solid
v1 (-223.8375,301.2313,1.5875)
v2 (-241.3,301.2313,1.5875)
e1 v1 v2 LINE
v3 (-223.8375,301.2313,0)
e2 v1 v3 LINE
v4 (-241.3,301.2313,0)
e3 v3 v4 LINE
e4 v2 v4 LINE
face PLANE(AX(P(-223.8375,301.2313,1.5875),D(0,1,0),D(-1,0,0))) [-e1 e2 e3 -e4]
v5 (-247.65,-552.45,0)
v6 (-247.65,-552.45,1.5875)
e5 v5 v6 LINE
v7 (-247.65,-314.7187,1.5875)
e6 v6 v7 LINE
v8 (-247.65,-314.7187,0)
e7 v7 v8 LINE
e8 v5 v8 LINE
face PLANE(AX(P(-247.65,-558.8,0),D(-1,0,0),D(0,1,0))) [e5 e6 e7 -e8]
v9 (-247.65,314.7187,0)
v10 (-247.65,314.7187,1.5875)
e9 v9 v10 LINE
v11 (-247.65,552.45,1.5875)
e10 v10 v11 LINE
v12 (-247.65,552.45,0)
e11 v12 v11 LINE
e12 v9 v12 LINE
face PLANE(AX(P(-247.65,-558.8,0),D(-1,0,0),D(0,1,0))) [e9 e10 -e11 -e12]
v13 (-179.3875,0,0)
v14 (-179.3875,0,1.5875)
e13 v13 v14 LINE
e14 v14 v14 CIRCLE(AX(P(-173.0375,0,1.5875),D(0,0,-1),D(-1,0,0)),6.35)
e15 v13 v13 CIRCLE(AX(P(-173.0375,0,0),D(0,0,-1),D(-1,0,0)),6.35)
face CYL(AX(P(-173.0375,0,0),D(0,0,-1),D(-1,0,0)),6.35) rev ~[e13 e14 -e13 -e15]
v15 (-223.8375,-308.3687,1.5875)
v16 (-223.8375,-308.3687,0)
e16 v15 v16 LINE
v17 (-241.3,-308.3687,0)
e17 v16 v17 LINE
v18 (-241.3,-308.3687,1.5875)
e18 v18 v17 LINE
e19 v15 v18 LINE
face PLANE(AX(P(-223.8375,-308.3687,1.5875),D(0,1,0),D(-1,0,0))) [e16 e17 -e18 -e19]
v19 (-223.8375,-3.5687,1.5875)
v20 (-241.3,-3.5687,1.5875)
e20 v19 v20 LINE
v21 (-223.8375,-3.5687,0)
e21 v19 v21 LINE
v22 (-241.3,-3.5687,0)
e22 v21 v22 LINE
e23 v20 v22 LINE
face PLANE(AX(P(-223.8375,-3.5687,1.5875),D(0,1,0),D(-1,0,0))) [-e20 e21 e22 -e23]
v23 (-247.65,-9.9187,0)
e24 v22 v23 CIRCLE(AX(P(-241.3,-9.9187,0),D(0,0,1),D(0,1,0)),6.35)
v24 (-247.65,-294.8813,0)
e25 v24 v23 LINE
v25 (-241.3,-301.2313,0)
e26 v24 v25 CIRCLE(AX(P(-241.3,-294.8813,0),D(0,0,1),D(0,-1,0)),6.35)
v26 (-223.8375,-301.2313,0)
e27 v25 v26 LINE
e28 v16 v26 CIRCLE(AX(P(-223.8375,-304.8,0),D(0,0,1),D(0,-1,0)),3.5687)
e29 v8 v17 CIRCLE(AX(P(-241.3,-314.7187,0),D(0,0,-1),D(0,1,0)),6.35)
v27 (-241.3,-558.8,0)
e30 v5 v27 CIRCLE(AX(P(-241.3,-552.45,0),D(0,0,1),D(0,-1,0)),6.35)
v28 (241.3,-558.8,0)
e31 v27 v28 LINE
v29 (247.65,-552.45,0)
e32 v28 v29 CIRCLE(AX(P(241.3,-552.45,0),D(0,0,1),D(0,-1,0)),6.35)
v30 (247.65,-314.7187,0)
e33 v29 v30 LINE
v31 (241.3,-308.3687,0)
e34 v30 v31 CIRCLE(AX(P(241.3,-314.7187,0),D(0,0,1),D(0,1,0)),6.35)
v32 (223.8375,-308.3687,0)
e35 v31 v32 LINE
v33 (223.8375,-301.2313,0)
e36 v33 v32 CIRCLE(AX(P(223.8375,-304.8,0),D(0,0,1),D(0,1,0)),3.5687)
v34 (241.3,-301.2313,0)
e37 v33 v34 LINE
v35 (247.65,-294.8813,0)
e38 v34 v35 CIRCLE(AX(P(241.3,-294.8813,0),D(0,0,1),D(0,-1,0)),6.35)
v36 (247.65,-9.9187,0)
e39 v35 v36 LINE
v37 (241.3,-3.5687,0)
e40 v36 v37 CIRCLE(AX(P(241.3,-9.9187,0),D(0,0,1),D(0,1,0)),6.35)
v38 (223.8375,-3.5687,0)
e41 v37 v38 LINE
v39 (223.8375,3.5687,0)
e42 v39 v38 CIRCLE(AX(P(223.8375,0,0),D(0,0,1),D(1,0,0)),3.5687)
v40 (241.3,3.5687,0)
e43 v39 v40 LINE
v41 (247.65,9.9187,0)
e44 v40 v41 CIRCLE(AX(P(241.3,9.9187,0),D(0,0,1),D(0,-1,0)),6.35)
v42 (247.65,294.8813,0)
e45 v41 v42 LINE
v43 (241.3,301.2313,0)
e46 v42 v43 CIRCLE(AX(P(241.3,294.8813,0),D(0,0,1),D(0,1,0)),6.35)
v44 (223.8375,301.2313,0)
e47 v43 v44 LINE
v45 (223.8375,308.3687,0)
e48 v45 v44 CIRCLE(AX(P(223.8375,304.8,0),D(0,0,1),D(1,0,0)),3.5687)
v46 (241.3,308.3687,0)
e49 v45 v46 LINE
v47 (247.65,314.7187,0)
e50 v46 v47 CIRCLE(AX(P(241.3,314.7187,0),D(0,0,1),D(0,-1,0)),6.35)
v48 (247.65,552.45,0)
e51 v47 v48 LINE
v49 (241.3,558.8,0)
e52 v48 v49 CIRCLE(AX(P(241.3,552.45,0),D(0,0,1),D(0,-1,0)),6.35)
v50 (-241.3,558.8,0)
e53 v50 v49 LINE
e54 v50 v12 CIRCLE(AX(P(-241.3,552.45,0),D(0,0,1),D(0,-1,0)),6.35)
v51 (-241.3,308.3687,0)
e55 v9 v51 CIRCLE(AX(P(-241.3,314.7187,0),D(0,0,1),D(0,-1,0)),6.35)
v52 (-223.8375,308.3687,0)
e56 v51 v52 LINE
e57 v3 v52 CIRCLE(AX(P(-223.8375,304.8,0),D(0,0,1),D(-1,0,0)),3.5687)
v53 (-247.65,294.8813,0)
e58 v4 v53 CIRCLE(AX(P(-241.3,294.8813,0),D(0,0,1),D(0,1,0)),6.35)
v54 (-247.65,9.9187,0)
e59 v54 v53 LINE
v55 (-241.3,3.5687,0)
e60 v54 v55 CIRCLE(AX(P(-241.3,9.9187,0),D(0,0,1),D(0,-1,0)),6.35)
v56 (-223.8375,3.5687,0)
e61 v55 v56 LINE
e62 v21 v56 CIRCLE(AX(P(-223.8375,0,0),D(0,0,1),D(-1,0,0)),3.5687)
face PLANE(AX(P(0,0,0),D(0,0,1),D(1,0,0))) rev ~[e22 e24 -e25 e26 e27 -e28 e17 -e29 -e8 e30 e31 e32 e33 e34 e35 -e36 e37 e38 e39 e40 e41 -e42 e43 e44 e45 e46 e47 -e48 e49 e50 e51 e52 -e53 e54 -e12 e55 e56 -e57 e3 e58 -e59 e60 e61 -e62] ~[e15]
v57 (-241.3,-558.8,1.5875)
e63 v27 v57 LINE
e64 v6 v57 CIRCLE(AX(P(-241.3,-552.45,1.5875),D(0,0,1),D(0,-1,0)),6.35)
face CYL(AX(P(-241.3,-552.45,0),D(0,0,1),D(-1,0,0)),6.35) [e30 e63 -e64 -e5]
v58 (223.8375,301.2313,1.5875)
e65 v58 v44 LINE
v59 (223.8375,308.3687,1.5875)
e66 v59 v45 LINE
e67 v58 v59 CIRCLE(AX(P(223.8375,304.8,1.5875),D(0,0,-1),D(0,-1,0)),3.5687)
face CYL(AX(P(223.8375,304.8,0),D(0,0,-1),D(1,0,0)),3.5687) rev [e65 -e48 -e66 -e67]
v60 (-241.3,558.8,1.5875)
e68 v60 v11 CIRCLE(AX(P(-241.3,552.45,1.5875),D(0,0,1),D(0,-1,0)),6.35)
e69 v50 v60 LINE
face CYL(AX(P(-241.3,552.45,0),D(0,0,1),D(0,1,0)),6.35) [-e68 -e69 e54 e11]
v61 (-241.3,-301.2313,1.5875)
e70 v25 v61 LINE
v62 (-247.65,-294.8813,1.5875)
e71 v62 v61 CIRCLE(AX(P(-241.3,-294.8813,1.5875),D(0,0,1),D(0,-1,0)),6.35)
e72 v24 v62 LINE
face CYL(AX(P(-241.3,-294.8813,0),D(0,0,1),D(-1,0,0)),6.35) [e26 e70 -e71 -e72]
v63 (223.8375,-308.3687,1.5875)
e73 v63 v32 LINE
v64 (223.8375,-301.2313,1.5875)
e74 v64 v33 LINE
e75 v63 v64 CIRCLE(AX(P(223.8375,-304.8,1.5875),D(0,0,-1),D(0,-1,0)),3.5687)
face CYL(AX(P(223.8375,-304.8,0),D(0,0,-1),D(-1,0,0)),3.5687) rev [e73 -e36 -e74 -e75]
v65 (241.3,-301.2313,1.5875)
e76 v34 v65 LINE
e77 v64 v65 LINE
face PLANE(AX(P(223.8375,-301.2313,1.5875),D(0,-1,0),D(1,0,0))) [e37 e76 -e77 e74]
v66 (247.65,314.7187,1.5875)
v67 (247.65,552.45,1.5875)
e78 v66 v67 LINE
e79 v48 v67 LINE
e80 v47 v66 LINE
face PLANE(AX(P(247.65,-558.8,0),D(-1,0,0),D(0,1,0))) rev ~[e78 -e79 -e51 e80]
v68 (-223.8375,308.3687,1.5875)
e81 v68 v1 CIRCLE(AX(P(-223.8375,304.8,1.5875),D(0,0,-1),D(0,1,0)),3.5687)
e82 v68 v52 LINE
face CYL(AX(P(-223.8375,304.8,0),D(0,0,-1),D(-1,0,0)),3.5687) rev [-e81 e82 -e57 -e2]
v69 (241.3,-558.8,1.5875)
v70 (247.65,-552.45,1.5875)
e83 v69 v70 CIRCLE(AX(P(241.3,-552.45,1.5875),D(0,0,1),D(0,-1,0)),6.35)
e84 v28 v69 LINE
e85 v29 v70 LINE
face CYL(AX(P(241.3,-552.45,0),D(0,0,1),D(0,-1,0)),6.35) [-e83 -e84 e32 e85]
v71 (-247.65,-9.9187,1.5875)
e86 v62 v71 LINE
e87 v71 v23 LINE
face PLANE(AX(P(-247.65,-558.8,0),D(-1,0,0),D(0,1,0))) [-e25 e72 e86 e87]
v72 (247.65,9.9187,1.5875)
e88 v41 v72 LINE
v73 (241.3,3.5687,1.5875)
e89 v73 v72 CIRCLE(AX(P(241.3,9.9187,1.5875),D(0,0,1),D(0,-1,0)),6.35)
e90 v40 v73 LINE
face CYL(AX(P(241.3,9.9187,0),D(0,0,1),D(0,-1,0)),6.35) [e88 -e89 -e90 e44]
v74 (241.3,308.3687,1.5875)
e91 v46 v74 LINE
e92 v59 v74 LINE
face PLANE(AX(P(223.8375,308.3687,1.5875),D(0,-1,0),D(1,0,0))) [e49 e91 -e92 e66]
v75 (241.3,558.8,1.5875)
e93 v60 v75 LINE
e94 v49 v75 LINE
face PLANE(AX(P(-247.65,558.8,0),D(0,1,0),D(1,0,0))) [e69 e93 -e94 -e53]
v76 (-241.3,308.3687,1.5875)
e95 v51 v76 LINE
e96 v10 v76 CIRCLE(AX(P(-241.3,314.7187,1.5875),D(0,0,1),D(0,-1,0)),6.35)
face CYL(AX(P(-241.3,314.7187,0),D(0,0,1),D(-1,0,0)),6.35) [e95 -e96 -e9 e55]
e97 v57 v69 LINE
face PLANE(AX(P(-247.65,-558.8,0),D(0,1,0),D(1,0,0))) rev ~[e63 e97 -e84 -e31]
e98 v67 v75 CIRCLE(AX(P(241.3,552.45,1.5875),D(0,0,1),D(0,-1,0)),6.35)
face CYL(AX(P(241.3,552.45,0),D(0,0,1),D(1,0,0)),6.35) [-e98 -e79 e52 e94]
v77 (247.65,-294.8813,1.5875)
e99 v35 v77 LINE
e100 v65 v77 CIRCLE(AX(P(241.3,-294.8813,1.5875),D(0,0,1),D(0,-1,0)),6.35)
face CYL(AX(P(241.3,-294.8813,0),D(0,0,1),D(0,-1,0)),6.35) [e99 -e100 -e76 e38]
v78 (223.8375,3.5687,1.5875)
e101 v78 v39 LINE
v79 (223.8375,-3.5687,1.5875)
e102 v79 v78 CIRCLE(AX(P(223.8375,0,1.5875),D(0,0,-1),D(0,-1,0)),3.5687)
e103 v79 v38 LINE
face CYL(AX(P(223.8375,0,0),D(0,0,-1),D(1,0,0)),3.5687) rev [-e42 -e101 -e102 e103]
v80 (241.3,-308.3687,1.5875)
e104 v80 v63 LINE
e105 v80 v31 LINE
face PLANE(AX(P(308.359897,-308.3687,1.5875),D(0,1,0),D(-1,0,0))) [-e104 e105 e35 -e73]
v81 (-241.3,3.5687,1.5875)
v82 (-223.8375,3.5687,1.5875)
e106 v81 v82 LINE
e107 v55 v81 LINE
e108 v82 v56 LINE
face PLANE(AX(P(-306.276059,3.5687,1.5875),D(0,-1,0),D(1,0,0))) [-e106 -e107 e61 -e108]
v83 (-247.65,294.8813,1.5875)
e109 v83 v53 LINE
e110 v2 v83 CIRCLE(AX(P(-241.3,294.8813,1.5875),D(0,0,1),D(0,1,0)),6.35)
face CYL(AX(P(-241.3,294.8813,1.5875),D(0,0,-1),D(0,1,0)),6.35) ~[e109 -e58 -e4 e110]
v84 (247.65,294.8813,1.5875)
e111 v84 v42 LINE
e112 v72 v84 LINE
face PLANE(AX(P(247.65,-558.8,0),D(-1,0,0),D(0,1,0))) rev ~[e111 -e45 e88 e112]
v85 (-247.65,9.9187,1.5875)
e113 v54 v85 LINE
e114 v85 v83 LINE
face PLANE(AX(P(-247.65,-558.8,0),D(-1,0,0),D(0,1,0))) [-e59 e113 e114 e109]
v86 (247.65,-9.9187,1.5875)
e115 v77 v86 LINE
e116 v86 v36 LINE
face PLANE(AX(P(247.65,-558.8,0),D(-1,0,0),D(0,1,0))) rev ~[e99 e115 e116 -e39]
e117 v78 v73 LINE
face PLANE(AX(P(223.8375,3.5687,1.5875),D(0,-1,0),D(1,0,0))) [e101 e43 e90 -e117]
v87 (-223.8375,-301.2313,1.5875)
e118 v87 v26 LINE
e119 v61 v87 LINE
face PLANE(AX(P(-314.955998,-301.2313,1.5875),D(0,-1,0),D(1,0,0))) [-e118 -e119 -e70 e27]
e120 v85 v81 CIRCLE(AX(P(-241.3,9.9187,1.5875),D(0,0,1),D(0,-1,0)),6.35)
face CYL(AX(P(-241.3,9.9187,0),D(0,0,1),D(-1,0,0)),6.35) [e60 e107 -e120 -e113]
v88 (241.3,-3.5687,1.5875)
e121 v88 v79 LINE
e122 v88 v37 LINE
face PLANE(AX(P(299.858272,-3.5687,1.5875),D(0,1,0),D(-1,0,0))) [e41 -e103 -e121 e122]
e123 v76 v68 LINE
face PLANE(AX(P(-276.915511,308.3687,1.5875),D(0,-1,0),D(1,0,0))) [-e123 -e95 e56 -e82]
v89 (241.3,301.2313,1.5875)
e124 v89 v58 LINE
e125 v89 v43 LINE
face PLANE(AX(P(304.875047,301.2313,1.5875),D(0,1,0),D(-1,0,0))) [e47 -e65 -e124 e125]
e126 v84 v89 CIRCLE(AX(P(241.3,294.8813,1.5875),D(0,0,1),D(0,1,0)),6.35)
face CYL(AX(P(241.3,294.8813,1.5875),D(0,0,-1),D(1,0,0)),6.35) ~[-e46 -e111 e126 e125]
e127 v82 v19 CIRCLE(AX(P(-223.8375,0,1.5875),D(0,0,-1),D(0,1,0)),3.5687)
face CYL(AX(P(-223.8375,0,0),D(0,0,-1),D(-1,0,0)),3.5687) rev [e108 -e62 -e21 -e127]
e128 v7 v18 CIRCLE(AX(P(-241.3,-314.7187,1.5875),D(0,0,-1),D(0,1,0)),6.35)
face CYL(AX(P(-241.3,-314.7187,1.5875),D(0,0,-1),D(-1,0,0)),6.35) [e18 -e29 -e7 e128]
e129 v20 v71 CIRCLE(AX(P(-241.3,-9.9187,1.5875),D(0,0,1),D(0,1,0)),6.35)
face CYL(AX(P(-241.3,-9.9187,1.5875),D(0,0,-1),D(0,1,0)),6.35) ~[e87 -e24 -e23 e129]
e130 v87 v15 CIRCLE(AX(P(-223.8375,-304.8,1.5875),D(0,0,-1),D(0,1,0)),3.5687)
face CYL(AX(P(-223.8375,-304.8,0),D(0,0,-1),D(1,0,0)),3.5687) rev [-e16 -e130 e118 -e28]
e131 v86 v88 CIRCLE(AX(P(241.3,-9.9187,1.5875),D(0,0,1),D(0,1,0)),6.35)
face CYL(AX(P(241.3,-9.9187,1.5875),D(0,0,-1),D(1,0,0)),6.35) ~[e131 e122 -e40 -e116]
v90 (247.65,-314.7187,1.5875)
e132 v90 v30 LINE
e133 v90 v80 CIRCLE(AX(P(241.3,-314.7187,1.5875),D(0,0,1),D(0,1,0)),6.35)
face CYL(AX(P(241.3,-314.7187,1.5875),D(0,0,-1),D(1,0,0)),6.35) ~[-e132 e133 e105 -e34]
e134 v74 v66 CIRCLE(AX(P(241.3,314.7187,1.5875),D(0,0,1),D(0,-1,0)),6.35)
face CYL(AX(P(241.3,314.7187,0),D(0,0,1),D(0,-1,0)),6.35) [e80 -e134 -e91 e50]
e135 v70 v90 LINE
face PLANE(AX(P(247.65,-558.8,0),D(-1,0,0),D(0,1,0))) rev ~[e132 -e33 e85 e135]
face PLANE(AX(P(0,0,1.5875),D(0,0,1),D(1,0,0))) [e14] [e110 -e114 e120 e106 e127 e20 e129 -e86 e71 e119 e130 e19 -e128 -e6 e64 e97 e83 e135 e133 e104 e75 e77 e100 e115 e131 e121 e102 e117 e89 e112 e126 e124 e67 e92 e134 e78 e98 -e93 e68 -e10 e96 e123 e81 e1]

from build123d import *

# Parameters (mm, degrees)
SKETCH1_W           = 495.3
SKETCH1_H           = 1117.6
SKETCH1_R           = 3.5687
BOSS_EXTRUDE1_DEPTH = 1.5875
CUT_EXTRUDE1_DEPTH  = 612.220486123
FILLET1_R           = 6.35
SKETCH3_R           = 6.35
CUT_EXTRUDE2_DEPTH  = 612.220486123


with BuildPart() as part:
    # Sketch1 → Boss-Extrude1 (new body)
    with BuildSketch(Plane.XY):
        Rectangle(SKETCH1_W, SKETCH1_H)
        with Locations((223.8375, 304.8)):
            Circle(SKETCH1_R, mode=Mode.SUBTRACT)
        with Locations((223.8375, -304.8)):
            Circle(SKETCH1_R, mode=Mode.SUBTRACT)
        with Locations((223.8375, 0)):
            Circle(SKETCH1_R, mode=Mode.SUBTRACT)
        with Locations((-223.8375, -304.8)):
            Circle(SKETCH1_R, mode=Mode.SUBTRACT)
        with Locations((-223.8375, 0)):
            Circle(SKETCH1_R, mode=Mode.SUBTRACT)
        with Locations((-223.8375, 304.8)):
            Circle(SKETCH1_R, mode=Mode.SUBTRACT)
    extrude(amount=BOSS_EXTRUDE1_DEPTH)

    # Sketch2 → Cut-Extrude1 (cut, through all)
    with BuildSketch(Plane.XY.offset(1.5875)):
        with BuildLine():
            Line((-223.8375, 301.2313), (-276.915511323, 301.2313))
            ThreePointArc((-276.915511323, 301.2313), (-280.484211323, 304.8), (-276.915511323, 308.3687))
            Line((-276.915511323, 308.3687), (-223.8375, 308.3687))
            ThreePointArc((-223.8375, 308.3687), (-220.2688, 304.8), (-223.8375, 301.2313))
        make_face()
        with BuildLine():
            Line((-223.8375, -3.5687), (-306.276059446, -3.5687))
            ThreePointArc((-306.276059446, -3.5687), (-309.844759446, 0), (-306.276059446, 3.5687))
            Line((-306.276059446, 3.5687), (-223.8375, 3.5687))
            ThreePointArc((-223.8375, 3.5687), (-220.2688, 0), (-223.8375, -3.5687))
        make_face()
        with BuildLine():
            Line((304.87504686, 301.2313), (223.8375, 301.2313))
            ThreePointArc((223.8375, 301.2313), (220.2688, 304.8), (223.8375, 308.3687))
            Line((223.8375, 308.3687), (304.87504686, 308.3687))
            ThreePointArc((304.87504686, 308.3687), (308.44374686, 304.8), (304.87504686, 301.2313))
        make_face()
        with BuildLine():
            Line((299.858272086, -3.5687), (223.8375, -3.5687))
            ThreePointArc((223.8375, -3.5687), (220.2688, 0), (223.8375, 3.5687))
            Line((223.8375, 3.5687), (299.858272086, 3.5687))
            ThreePointArc((299.858272086, 3.5687), (303.426972086, 0), (299.858272086, -3.5687))
        make_face()
        with BuildLine():
            Line((308.359897186, -308.3687), (223.8375, -308.3687))
            ThreePointArc((223.8375, -308.3687), (220.2688, -304.8), (223.8375, -301.2313))
            Line((223.8375, -301.2313), (308.359897186, -301.2313))
            ThreePointArc((308.359897186, -301.2313), (311.928597186, -304.8), (308.359897186, -308.3687))
        make_face()
        with BuildLine():
            Line((-223.8375, -308.3687), (-314.955998192, -308.3687))
            ThreePointArc((-314.955998192, -308.3687), (-318.524698192, -304.8), (-314.955998192, -301.2313))
            Line((-314.955998192, -301.2313), (-223.8375, -301.2313))
            ThreePointArc((-223.8375, -301.2313), (-220.2688, -304.8), (-223.8375, -308.3687))
        make_face()
    extrude(amount=-CUT_EXTRUDE1_DEPTH, mode=Mode.SUBTRACT)

    # Fillet1
    fillet1_edges = [part.edges().sort_by_distance(p)[0] for p in [
        (247.65, -558.8, 0.79375),
        (-247.65, 558.8, 0.79375),
        (247.65, 558.8, 0.79375),
        (-247.65, -558.8, 0.79375),
        (-247.65, -301.2313, 0.79375),
        (-247.65, -3.5687, 0.79375),
        (-247.65, 3.5687, 0.79375),
        (-247.65, 301.2313, 0.79375),
        (-247.65, 308.3687, 0.79375),
        (247.65, 308.3687, 0.79375),
        (247.65, 301.2313, 0.79375),
        (247.65, 3.5687, 0.79375),
        (247.65, -3.5687, 0.79375),
        (247.65, -301.2313, 0.79375),
        (247.65, -308.3687, 0.79375),
        (-247.65, -308.3687, 0.79375),
    ]]
    fillet(fillet1_edges, radius=FILLET1_R)

    # Sketch3 → Cut-Extrude2 (cut, through all)
    with BuildSketch(Plane(origin=(0, 0, 0), x_dir=(-1, 0, 0), z_dir=(0, 0, -1))):
        with Locations((173.0375, 0)):
            Circle(SKETCH3_R)
    extrude(amount=-CUT_EXTRUDE2_DEPTH, mode=Mode.SUBTRACT)


solid = part.part
